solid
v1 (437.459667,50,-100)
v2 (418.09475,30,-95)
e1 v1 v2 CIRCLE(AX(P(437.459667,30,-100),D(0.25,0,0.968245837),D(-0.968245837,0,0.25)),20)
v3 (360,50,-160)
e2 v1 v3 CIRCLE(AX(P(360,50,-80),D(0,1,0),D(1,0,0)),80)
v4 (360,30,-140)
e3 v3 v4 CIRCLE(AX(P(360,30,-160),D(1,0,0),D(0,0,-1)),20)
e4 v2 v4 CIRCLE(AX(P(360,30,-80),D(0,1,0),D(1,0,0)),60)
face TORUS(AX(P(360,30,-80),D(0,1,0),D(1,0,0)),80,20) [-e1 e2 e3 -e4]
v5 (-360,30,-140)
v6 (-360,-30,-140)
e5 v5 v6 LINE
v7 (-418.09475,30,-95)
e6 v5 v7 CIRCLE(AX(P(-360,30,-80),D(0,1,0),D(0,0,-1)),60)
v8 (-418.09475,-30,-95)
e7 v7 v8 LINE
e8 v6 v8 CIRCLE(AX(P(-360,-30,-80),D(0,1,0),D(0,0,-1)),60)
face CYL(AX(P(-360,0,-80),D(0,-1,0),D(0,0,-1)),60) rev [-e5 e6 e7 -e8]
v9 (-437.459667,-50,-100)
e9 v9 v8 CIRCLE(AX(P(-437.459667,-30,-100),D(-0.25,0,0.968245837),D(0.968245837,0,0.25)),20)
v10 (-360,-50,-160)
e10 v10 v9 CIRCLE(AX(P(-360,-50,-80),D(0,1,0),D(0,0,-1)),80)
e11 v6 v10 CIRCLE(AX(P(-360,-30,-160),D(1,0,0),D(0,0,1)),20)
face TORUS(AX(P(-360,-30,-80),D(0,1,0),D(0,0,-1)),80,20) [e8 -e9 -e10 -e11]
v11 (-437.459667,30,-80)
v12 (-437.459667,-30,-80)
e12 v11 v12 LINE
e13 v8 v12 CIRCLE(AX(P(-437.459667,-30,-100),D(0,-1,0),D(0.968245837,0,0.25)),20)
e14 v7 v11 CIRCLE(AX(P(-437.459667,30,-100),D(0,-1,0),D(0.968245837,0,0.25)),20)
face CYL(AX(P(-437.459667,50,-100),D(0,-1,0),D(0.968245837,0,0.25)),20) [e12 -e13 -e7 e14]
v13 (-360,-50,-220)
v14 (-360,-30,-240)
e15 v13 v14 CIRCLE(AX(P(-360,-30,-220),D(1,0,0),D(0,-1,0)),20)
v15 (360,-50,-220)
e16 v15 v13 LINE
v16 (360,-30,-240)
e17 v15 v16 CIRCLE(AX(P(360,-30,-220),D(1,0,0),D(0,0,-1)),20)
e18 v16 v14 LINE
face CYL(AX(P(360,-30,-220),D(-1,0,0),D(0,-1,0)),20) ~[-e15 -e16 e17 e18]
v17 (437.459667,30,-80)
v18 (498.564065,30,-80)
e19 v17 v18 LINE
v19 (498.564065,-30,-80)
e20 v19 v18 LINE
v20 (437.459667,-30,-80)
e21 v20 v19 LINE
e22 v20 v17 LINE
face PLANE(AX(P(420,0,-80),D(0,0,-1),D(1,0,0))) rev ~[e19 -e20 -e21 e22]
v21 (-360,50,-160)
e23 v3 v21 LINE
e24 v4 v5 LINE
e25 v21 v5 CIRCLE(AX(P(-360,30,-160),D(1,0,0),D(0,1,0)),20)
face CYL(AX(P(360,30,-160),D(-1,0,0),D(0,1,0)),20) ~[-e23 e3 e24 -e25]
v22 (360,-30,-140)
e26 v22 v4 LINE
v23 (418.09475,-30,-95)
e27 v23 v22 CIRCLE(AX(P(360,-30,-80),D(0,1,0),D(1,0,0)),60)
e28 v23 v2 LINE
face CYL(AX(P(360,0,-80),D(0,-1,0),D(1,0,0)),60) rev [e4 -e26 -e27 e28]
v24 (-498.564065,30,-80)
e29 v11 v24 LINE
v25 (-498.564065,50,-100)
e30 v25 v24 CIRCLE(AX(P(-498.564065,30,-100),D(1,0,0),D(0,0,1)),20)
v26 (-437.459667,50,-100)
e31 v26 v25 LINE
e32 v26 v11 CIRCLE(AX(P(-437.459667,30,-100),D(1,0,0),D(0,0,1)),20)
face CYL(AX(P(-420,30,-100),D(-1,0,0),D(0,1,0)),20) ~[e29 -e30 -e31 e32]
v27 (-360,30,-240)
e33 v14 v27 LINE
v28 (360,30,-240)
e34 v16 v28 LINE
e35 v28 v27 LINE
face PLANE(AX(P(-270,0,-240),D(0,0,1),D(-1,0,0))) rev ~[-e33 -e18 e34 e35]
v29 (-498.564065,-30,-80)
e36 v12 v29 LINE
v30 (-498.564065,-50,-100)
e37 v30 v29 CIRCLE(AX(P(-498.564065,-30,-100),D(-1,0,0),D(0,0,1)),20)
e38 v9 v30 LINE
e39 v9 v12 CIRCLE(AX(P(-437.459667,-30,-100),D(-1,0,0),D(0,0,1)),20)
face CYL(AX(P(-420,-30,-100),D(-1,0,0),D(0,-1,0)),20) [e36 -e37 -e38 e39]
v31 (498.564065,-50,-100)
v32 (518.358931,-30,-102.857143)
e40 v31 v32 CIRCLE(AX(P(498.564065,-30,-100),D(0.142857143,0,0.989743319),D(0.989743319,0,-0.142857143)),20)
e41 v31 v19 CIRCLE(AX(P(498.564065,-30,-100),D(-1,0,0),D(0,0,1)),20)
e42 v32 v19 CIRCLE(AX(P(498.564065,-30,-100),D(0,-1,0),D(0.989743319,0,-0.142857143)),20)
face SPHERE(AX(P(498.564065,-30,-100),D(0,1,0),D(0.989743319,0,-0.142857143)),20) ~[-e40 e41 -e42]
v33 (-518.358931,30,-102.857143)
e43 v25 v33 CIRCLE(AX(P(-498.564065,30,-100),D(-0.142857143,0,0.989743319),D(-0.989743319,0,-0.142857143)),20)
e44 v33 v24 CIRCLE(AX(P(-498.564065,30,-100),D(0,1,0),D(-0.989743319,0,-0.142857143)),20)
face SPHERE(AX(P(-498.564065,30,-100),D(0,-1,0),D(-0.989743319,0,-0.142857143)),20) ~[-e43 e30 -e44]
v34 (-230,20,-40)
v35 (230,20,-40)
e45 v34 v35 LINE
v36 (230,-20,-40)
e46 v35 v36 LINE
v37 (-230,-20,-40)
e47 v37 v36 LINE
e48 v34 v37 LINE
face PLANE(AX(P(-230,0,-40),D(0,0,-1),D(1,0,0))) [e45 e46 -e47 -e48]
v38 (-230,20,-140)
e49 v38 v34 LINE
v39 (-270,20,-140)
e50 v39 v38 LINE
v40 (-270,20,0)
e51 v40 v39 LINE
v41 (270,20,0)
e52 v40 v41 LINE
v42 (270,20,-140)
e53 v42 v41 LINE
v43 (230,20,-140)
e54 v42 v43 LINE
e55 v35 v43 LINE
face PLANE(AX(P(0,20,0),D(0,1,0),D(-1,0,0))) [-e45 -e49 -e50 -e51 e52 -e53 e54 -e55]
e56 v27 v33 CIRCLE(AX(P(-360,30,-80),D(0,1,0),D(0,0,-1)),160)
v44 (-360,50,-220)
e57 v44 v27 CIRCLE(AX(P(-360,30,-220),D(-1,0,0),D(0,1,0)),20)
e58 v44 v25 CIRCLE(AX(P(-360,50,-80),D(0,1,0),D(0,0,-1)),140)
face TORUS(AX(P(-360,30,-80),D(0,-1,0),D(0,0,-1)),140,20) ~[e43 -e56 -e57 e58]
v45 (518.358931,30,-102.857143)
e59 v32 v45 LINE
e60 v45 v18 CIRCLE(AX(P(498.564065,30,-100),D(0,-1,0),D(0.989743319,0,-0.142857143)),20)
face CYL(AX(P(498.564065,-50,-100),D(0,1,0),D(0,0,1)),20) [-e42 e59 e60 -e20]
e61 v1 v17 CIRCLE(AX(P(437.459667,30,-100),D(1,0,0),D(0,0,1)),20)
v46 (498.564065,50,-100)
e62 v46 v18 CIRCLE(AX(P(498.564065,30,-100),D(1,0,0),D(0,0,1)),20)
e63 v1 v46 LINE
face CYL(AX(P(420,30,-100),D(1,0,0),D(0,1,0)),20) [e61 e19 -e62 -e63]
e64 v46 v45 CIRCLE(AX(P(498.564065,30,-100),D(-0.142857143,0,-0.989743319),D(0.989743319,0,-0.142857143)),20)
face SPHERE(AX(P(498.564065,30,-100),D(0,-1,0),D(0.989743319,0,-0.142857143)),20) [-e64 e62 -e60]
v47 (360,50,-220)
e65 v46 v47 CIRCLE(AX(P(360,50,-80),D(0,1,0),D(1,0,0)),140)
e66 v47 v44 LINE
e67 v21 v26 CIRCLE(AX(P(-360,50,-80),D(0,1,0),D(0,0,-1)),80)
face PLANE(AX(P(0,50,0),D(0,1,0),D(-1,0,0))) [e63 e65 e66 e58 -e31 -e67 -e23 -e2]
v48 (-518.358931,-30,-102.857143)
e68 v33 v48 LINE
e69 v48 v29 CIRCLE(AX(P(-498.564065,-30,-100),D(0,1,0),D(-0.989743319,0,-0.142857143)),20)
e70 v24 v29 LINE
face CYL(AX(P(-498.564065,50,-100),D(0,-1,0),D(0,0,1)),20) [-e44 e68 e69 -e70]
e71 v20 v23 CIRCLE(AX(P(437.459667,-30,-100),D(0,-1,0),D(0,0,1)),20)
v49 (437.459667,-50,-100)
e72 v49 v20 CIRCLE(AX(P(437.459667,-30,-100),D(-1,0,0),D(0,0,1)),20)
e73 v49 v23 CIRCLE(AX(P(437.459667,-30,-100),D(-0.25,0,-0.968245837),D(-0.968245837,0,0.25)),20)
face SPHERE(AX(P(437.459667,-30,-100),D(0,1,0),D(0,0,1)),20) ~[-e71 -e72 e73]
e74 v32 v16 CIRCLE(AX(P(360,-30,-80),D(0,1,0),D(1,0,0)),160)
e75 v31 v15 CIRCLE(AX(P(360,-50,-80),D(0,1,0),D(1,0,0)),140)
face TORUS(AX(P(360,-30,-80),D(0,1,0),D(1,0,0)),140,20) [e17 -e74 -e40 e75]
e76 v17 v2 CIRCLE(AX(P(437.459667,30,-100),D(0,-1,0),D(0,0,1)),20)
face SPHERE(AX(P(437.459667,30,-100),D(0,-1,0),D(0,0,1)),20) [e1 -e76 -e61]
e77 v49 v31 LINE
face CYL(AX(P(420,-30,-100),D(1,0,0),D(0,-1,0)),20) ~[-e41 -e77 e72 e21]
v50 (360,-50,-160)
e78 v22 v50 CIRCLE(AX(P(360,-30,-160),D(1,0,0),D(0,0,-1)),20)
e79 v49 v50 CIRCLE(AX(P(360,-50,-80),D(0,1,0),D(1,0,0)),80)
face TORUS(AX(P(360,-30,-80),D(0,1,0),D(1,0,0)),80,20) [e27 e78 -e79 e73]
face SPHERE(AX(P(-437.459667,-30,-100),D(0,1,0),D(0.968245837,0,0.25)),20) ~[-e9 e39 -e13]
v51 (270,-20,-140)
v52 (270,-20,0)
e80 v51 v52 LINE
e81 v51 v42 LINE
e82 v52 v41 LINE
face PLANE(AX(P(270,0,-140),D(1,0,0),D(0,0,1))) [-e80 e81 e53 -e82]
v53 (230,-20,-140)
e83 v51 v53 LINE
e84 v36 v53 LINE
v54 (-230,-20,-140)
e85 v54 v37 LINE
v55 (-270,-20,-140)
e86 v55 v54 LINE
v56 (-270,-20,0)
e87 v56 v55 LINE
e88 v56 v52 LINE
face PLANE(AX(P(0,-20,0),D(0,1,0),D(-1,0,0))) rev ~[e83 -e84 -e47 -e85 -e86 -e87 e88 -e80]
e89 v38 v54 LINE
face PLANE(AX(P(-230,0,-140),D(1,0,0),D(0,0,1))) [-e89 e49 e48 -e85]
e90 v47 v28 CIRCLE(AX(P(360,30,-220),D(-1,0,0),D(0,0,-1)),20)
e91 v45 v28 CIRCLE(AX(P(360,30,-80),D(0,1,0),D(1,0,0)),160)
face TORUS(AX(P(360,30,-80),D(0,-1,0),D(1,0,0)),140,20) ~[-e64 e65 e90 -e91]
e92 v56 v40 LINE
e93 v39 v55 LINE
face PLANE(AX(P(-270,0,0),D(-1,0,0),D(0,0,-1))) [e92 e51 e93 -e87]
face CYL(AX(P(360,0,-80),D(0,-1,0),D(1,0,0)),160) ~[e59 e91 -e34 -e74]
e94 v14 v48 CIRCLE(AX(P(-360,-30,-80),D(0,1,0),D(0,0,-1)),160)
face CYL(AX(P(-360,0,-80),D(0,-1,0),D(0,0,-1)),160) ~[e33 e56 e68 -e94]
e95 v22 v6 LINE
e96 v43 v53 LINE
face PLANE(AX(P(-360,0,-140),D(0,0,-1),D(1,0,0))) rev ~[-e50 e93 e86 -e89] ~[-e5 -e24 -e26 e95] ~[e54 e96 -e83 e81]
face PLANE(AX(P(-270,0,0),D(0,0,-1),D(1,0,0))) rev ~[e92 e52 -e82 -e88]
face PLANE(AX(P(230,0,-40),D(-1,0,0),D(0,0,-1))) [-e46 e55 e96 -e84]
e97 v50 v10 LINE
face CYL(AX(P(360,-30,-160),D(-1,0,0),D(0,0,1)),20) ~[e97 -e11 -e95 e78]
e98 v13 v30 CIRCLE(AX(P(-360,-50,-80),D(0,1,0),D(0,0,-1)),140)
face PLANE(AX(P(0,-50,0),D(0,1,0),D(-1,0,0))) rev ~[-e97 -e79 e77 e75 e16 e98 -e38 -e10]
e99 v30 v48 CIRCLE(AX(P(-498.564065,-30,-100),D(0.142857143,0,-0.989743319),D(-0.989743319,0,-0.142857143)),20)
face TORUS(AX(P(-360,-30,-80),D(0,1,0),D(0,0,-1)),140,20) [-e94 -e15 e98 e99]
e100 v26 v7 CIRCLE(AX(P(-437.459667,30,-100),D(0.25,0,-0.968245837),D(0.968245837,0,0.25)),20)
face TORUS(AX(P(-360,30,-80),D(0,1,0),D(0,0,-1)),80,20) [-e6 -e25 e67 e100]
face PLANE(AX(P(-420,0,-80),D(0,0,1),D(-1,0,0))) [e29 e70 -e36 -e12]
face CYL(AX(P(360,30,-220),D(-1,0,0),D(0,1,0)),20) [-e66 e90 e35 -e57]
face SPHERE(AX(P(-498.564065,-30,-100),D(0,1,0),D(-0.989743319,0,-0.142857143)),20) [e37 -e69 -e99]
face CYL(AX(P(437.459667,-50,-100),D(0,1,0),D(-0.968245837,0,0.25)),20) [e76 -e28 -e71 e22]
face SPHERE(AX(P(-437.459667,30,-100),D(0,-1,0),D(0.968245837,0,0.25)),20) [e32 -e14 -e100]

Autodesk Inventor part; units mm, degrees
ref_plane "YZ Plane" through (0, 0, 0) normal (1, 0, 0) x (0, 1, 0)
ref_plane "XZ Plane" through (0, 0, 0) normal (0, 1, 0) x (-1, 0, 0)
ref_plane "XY Plane" through (0, 0, 0) normal (0, 0, 1) x (1, 0, 0)
sketch "스케치1" plane through (0, 0, 0) normal (0, 1, 0) x (-1, 0, 0)
  line L0 (270, 0) -> (-270, 0)
  line L1 (270, 0) -> (270, -240)
  line L2 (270, -240) -> (230, -240)
  line L3 (230, -240) -> (230, -40)
  line L4 (230, -40) -> (-230, -40)
  line L5 (-230, -40) -> (-230, -240)
  line L6 (-230, -240) -> (-270, -240)
  line L7 (-270, -240) -> (-270, 0)
  line L8 (-560, -240) -> (480, -240)
  arc A0 (360, -240) -> (520, -80) centre (360, -80) ccw
  arc A1 (360, -140) -> (420, -80) centre (360, -80) ccw
  line L9 (420, -80) -> (520, -80)
  line L10 (360, -140) -> (-40, -140)
  arc A2 (-520, -80) -> (-360, -240) centre (-360, -80) ccw
  arc A3 (-420, -80) -> (-360, -140) centre (-360, -80) ccw
  line L11 (-420, -80) -> (-520, -80)
  line L12 (-360, -140) -> (-40, -140)
  line L13 (360, -240) -> (-360, -240)
  point P0 (0, 0)
  point P1 (0, 0)
  point P2 (-270, -140)
  point P3 (-230, -140)
  point P4 (230, -140)
  point P5 (270, -140)
  dimension "d1" = 240
  dimension "d2" = 40
  dimension "d3" = 200
  dimension "d4" = 460
  dimension "d6" = 1040
  dimension "d9" = 240
  dimension "d11" = 100
  dimension "d12" = 160
  dimension "d13" = 160
  dimension "d14" = 160
  dimension "d17" = 210
  dimension "d18" = 310
  dimension "d24" = 270
  dimension "d25" = 0
  dimension "d26" = 250
  dimension "d27" = 60
  dimension "d28" = 0
  dimension "d29" = 160
  dimension "d30" = 0
  dimension "d31" = 60
  dimension "d32" = 40
  dimension "d33" = 160
  dimension "d34" = 40
  dimension "d35" = 60
  dimension "d36" = 500
  dimension "d37" = 160
  dimension "d38" = 500
  dimension "d39" = 60
  dimension "d40" = 540
  dimension "d41" = 160
  dimension "d42" = 540
  dimension "d43" = 630
  dimension "d44" = 160
  dimension "d45" = 630
extrude "돌출3" add sketch "스케치1" along normal mid plane 40 contours L1 L10 L3 L4 L5 L12 L7 L0
extrude "돌출4" add sketch "스케치1" along normal mid plane 100 contours L10 A1 L9 A0 L8 L1 | L1 L2 L3 L10 | L12 L5 L6 L7 | L7 L8 A2 L11 A3 L12 | L3 L8 L5 L12 L10
fillet "모깎기1" radius 20 18 edges at (-473.1371, 50, -193.1371) (473.1371, 50, -193.1371) (-473.1371, -50, -193.1371) (473.1371, -50, -193.1371) (470, 50, -80) (402.4264, 50, -122.4264) (-402.4264, 50, -122.4264) (0, 50, -140) (470, -50, -80) (-402.4264, -50, -122.4264) (402.4264, -50, -122.4264) (0, -50, -140) (-470, -50, -80) (-470, 50, -80) (-520, 0, -80) (-420, 0, -80) (420, 0, -80) (520, 0, -80)
properties part number "bumper"
